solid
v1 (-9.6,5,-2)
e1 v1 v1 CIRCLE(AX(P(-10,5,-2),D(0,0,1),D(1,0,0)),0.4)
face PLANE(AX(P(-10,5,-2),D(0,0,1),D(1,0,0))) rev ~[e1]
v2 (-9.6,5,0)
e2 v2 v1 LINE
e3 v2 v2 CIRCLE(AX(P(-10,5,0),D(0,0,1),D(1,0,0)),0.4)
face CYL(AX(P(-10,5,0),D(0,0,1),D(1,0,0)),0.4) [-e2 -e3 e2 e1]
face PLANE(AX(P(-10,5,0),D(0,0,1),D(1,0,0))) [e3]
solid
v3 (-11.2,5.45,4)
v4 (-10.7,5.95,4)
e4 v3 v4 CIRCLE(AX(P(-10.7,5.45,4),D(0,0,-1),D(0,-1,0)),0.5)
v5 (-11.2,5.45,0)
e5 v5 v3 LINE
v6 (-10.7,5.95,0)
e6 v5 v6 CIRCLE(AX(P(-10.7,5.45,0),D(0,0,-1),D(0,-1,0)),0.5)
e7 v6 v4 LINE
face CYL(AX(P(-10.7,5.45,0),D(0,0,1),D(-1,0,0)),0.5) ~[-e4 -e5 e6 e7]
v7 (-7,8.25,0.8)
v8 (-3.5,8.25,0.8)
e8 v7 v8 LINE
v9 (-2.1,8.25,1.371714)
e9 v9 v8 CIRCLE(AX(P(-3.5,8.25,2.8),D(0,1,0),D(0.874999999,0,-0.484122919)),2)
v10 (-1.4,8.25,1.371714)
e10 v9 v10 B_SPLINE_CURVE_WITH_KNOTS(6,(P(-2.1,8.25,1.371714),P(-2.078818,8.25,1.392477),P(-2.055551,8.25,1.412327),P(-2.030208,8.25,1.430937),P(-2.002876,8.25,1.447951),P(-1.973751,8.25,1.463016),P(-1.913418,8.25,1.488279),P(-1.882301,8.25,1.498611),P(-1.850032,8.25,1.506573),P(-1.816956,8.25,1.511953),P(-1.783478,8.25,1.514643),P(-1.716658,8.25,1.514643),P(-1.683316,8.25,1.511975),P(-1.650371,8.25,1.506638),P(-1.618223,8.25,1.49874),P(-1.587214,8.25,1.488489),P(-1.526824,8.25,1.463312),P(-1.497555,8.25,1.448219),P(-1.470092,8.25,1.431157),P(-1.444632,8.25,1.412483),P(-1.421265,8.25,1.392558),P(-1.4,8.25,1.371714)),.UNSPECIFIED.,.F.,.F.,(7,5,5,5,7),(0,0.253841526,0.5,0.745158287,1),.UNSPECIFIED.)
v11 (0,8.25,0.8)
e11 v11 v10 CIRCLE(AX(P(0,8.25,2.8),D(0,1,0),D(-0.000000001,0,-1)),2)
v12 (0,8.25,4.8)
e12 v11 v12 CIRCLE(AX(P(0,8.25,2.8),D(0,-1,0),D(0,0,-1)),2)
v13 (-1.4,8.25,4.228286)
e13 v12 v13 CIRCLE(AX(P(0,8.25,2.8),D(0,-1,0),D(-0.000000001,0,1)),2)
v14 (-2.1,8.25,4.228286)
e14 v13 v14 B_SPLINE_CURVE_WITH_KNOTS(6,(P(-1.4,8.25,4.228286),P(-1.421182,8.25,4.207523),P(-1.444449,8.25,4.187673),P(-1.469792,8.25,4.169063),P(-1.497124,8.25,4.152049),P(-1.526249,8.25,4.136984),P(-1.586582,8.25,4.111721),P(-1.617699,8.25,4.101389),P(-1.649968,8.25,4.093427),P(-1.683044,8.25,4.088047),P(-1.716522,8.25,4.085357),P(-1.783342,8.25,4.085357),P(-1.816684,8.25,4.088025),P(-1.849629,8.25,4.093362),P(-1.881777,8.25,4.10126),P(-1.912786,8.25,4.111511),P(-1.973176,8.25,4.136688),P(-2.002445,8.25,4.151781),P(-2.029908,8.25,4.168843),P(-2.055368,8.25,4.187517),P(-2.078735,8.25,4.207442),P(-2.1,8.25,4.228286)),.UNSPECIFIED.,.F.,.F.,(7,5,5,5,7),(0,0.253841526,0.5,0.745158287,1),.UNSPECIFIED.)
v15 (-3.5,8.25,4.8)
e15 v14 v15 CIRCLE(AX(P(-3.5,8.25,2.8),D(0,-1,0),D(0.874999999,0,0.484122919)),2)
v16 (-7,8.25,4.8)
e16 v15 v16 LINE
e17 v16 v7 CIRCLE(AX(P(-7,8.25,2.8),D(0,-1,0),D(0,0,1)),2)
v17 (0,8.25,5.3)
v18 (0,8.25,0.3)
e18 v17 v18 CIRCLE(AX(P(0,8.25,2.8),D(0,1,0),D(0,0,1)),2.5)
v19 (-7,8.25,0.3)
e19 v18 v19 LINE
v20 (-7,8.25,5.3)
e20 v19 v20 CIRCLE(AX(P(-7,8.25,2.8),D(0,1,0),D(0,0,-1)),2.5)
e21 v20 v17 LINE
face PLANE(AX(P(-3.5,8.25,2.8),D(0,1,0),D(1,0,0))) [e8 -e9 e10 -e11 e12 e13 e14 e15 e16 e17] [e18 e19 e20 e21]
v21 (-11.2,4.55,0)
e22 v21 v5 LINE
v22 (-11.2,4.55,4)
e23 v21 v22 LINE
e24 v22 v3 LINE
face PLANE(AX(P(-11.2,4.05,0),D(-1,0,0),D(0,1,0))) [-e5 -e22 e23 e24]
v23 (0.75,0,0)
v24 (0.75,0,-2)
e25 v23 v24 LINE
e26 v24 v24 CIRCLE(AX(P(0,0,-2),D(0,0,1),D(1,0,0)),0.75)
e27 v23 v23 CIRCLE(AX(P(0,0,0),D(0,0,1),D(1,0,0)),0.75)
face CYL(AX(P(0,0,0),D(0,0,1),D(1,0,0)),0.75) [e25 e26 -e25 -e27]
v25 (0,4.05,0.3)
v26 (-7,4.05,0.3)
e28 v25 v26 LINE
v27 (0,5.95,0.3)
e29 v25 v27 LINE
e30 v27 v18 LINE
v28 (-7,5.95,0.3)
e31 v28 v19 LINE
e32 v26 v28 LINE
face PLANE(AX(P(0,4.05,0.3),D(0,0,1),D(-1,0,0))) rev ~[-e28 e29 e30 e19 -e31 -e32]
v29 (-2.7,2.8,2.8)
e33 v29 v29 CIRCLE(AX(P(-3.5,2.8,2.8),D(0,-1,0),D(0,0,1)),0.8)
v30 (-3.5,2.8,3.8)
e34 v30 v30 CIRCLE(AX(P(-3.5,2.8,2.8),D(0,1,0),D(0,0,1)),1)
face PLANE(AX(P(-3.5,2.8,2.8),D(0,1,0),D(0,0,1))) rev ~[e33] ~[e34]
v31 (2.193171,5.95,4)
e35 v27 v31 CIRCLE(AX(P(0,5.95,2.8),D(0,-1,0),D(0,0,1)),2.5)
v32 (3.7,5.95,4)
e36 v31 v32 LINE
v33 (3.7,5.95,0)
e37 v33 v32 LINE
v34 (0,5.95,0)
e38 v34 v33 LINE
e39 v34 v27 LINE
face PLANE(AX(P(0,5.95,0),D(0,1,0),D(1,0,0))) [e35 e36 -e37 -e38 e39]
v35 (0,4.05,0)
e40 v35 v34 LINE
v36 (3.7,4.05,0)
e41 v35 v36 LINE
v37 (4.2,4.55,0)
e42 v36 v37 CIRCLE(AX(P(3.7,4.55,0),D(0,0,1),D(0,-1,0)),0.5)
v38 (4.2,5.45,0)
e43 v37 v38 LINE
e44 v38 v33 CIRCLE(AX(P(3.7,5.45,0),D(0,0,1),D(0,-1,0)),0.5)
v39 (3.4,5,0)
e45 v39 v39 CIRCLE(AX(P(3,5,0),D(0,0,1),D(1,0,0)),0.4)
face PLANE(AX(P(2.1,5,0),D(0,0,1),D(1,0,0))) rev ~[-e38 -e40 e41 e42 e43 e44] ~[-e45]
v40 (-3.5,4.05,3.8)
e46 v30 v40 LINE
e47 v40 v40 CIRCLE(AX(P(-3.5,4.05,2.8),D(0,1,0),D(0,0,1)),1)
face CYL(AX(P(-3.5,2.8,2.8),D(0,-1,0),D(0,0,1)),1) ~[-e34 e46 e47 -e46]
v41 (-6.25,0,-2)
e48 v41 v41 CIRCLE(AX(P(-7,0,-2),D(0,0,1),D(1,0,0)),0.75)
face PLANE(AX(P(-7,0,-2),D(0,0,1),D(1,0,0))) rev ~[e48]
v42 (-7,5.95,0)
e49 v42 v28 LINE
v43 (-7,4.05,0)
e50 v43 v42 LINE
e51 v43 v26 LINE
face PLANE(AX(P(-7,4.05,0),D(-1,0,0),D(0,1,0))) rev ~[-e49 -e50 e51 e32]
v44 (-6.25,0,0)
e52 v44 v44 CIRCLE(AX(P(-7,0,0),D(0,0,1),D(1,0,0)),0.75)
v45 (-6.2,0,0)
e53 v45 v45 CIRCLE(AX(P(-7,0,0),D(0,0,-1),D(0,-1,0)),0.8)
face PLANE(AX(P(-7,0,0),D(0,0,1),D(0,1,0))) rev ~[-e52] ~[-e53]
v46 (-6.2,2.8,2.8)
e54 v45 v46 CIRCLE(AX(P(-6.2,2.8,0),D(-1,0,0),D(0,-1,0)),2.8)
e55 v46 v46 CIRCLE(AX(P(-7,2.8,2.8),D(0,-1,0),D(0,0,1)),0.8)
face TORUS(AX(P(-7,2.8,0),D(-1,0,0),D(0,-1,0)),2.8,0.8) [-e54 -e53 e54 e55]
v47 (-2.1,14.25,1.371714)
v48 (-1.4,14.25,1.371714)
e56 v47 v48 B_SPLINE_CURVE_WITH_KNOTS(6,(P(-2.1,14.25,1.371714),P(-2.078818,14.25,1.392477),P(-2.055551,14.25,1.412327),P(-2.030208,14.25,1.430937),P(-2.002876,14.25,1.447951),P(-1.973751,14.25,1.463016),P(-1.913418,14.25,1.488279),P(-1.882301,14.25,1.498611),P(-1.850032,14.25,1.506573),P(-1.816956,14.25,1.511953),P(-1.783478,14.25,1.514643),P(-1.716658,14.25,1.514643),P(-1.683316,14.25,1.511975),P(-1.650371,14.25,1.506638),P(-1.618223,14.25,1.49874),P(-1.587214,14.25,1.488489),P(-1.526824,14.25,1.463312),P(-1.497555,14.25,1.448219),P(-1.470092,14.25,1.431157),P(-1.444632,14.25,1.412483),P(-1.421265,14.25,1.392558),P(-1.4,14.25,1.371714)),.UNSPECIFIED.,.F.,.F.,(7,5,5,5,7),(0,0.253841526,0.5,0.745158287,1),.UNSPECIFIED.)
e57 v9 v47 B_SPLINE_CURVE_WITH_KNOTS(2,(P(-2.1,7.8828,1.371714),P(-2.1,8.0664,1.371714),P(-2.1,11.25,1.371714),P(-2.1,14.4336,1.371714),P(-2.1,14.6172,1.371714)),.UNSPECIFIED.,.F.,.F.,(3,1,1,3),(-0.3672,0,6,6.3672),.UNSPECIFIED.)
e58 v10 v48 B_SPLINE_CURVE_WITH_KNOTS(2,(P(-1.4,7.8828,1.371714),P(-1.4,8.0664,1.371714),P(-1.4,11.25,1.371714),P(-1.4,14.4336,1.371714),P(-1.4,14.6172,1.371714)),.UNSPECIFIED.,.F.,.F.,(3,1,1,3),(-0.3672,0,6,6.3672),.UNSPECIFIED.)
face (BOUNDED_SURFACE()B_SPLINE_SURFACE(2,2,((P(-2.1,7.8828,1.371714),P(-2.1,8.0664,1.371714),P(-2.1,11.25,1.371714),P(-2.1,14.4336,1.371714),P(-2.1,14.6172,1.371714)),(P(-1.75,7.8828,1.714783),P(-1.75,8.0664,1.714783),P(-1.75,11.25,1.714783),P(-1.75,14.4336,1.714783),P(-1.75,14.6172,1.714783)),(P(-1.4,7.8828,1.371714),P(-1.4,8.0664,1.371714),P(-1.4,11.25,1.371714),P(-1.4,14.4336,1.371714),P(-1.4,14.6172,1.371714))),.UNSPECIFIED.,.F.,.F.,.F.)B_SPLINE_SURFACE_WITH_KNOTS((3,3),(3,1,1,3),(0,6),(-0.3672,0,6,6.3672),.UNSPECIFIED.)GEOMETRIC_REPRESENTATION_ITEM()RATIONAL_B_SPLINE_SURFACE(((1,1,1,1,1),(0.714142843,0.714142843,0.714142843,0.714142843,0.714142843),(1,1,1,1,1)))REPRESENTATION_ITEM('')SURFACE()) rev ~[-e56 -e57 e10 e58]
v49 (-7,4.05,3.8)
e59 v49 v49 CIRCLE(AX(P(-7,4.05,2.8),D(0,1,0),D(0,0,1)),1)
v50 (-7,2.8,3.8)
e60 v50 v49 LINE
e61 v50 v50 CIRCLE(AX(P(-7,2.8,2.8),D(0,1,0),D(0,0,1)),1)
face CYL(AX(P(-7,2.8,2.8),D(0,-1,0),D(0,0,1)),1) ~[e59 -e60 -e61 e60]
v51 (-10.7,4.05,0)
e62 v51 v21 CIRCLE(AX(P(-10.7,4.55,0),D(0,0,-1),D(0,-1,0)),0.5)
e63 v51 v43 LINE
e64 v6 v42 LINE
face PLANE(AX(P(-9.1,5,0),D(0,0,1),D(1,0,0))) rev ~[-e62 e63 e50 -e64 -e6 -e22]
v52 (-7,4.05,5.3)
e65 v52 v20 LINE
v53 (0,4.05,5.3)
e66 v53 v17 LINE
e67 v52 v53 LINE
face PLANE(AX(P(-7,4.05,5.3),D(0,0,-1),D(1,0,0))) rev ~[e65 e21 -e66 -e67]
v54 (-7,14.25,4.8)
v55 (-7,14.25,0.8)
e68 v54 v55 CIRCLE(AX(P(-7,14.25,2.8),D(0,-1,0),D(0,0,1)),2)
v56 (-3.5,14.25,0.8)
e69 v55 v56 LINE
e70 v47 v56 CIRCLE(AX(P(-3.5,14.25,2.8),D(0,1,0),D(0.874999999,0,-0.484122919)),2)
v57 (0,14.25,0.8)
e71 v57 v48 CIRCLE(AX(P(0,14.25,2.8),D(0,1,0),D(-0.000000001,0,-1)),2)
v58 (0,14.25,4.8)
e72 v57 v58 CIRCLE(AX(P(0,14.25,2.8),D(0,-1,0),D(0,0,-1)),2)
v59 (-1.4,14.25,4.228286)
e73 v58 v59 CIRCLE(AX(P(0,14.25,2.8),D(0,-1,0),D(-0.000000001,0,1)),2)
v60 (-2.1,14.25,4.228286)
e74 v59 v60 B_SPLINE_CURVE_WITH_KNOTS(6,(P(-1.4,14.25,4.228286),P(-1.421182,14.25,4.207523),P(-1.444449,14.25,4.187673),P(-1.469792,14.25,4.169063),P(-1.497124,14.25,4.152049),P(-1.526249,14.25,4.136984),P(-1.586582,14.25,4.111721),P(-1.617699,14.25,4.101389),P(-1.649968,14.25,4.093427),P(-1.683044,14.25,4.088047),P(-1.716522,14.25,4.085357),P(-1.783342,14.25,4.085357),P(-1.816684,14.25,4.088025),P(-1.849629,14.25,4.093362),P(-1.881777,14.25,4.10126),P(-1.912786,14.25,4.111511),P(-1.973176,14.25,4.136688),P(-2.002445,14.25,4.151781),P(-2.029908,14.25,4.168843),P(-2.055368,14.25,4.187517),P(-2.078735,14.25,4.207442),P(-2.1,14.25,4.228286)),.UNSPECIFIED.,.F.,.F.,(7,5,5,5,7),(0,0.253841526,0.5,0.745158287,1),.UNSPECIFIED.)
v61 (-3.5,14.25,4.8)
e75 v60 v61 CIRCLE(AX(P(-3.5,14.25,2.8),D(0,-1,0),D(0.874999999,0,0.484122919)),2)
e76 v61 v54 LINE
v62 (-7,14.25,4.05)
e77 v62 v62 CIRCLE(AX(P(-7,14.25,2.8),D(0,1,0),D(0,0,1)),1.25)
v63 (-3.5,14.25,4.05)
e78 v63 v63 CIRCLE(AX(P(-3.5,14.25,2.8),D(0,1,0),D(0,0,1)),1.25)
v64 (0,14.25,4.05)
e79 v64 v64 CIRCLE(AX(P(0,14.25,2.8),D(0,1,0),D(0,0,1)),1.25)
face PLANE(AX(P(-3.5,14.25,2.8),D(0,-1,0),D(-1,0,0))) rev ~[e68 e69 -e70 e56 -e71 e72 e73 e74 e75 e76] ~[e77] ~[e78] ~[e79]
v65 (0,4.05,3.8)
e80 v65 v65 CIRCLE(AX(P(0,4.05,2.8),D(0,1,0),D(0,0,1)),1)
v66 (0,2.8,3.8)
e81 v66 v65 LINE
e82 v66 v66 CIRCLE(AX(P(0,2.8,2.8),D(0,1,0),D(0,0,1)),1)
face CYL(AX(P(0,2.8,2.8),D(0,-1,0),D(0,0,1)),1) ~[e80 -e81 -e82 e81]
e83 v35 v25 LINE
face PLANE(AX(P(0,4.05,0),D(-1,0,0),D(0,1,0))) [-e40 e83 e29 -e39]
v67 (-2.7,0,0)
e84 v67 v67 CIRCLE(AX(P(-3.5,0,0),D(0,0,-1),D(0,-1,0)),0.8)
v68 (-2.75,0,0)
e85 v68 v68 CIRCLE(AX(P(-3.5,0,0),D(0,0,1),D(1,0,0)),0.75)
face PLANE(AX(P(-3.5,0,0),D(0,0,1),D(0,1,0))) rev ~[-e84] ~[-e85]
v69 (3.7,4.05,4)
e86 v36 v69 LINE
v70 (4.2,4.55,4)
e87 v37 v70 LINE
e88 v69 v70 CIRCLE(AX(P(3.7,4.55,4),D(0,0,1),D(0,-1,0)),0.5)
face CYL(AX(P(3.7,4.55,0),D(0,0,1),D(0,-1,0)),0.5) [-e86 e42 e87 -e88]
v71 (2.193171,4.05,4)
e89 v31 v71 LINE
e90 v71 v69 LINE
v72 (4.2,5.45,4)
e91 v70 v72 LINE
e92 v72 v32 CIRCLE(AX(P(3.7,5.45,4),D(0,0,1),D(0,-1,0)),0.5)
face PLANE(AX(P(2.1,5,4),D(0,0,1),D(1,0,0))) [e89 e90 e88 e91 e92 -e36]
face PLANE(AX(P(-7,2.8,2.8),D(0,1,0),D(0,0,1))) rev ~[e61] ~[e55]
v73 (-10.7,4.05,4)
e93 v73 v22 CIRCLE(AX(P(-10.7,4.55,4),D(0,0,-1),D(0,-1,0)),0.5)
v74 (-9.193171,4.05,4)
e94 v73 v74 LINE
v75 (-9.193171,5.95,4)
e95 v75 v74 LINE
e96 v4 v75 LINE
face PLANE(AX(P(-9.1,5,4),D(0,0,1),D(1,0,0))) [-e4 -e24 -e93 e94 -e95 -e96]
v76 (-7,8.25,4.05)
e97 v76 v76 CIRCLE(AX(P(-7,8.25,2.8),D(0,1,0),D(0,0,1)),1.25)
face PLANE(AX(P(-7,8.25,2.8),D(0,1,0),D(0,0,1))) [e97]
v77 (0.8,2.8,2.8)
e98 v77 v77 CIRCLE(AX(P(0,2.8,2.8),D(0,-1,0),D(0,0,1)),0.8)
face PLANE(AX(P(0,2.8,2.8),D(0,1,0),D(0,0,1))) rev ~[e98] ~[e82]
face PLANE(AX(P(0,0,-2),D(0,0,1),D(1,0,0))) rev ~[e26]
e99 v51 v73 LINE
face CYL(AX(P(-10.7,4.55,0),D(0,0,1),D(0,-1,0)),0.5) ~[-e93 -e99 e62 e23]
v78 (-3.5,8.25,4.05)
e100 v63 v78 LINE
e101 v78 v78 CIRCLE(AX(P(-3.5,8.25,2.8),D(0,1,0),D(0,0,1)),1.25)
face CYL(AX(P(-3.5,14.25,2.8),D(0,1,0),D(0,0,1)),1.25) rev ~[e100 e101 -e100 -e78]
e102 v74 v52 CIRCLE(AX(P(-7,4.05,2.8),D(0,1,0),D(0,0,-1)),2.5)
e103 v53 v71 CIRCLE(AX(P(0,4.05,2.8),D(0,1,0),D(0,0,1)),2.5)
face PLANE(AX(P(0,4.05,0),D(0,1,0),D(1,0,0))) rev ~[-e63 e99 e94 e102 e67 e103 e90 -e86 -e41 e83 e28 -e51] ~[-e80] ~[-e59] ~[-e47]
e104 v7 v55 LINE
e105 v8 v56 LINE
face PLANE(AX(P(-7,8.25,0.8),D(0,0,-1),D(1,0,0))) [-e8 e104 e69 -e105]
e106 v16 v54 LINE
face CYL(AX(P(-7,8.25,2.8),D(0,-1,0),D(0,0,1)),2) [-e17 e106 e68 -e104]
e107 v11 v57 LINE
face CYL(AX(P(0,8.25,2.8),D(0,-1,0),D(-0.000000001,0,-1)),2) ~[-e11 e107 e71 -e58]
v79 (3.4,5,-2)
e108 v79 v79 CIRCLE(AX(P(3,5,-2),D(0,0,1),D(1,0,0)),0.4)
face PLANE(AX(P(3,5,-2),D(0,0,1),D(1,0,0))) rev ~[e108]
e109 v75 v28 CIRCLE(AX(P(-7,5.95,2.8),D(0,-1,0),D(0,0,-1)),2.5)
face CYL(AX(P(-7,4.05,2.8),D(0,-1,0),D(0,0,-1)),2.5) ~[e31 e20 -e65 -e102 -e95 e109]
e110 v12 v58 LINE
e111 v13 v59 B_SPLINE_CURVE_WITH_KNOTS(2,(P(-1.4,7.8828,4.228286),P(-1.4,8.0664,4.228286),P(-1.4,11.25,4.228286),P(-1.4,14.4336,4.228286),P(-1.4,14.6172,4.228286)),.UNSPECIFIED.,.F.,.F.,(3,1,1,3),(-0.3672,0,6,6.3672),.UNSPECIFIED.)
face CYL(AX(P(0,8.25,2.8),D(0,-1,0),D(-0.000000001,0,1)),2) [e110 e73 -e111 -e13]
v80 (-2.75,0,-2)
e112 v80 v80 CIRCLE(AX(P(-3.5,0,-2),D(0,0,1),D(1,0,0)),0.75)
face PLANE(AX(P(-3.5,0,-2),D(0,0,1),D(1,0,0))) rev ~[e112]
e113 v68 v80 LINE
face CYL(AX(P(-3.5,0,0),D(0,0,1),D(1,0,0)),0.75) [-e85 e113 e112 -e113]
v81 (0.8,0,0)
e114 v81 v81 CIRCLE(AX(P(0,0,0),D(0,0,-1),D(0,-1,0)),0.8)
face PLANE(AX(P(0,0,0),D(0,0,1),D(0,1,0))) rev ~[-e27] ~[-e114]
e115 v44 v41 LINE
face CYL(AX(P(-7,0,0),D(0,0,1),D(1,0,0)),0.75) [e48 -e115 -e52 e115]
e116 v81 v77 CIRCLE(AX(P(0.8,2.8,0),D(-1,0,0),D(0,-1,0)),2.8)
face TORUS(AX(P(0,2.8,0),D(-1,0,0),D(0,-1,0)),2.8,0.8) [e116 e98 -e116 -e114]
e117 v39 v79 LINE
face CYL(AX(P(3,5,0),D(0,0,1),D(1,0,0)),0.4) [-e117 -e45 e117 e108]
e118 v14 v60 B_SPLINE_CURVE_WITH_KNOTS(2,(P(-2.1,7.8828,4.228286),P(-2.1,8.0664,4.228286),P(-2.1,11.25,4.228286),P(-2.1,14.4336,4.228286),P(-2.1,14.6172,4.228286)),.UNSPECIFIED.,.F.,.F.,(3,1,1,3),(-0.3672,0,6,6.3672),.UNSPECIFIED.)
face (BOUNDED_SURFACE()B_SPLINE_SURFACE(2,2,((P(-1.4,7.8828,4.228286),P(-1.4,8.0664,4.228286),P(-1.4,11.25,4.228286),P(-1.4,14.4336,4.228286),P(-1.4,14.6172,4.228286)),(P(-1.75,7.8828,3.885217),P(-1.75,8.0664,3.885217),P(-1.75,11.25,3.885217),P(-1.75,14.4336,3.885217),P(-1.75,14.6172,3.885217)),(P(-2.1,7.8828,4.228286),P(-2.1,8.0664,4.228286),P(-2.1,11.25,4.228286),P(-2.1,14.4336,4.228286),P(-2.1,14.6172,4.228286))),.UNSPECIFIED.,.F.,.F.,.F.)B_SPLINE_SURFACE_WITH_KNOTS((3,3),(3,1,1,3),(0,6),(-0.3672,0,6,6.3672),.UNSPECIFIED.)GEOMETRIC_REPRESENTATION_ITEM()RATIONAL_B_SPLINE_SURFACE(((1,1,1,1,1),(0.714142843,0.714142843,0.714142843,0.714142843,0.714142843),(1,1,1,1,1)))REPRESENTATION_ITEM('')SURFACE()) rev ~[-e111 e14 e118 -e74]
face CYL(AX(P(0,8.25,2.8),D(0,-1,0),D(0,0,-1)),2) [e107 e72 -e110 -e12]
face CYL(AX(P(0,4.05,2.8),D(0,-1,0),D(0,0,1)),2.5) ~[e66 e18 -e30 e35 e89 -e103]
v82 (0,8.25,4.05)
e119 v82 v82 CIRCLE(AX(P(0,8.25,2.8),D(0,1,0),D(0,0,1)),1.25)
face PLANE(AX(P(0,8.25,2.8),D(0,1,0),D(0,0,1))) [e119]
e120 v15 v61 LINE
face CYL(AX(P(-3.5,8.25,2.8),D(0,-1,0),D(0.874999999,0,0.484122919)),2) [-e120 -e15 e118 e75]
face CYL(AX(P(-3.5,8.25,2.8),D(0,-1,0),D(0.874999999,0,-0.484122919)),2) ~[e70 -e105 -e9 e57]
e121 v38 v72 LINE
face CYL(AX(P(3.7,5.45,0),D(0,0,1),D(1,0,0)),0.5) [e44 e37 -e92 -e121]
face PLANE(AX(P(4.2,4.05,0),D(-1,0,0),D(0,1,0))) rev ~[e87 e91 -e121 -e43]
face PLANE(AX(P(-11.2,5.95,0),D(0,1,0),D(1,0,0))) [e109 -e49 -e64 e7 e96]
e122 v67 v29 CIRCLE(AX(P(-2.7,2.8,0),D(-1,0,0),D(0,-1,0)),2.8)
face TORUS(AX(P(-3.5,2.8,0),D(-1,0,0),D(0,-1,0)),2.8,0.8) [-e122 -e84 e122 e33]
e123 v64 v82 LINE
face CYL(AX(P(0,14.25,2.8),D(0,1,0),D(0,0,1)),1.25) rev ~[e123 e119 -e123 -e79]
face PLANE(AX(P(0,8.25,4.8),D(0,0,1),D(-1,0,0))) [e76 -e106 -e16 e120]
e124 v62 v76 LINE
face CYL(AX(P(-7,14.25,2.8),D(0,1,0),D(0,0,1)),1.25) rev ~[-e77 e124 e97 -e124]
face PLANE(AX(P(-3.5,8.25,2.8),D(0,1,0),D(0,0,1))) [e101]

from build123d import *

# Parameters (mm, degrees)
SKETCH_1_R             = 0.75
EXTRUDE_1_DEPTH        = 2
SKETCH_2_R             = 0.8
SKETCH_4_R             = 1
EXTRUDE_2_DEPTH        = 1.25
EXTRUDE_3_DEPTH        = 4.2
SKETCH_6_R             = 0.4
EXTRUDE_4_DEPTH        = 2
EXTRUDE_4_2_DEPTH      = 2
SKETCH_7_W             = 4.2
SKETCH_7_H             = 1.9
EXTRUDE_5_DEPTH        = 4
EXTRUDE_6_DEPTH        = 6
SKETCH_9_R             = 1.25
CUT_EXTRUDE_1_DEPTH    = 6
PATTERN_LINEAR_2_COUNT = 3
PATTERN_LINEAR_2_PITCH = 3.5
CUT_EXTRUDE_START      = -6
CUT_EXTRUDE_2_DEPTH    = 6
FILLET_1_R             = 0.5
FILLET_2_R             = 0.5


with BuildPart() as part:
    # ｽｹｯﾁ1 → ﾎﾞｽ - 押し出し1 (new body)
    with BuildSketch(Plane.XY):
        Circle(SKETCH_1_R)
    extrude_1 = extrude(amount=-EXTRUDE_1_DEPTH)

    # ｽｲｰﾌﾟ1: sweep along a path in ｽｹｯﾁ3
    with BuildLine(Plane(origin=(0, 0, 0), x_dir=(0, 0, -1), z_dir=(1, 0, 0))) as sweep_1_path:
        ThreePointArc((0, 0), (-1.979898987, 0.820101013), (-2.8, 2.8))
    # ｽｹｯﾁ2 → ｽｲｰﾌﾟ1 (sweep)
    with BuildSketch(Plane.XY):
        Circle(SKETCH_2_R)
    sweep_1 = sweep(path=sweep_1_path.line)

    # ｽｹｯﾁ4 → ﾎﾞｽ - 押し出し2 (add)
    with BuildSketch(Plane(origin=(0, 2.8, 0), x_dir=(1, 0, 0), z_dir=(0, 1, 0))):
        with Locations(Location((0, -2.8, 0), (0, 0, 270))):
            Circle(SKETCH_4_R)
    extrude_2 = extrude(amount=EXTRUDE_2_DEPTH)

    # ｽｹｯﾁ5 → ﾎﾞｽ - 押し出し3 (add)
    with BuildSketch(Plane(origin=(0, 4.05, 0), x_dir=(1, 0, 0), z_dir=(0, 1, 0))):
        with BuildLine():
            Line((0, -0.3), (-7, -0.3))
            ThreePointArc((-7, -0.3), (-9.5, -2.8), (-7, -5.3))
            Line((-7, -5.3), (0, -5.3))
            ThreePointArc((0, -5.3), (2.5, -2.8), (0, -0.3))
        make_face()
    extrude(amount=EXTRUDE_3_DEPTH)



with BuildPart() as body_2:
    # ｽｹｯﾁ6 → ﾎﾞｽ - 押し出し4 (new body)
    with BuildSketch(Plane.XY):
        with Locations((3, 5)):
            Circle(SKETCH_6_R)
    extrude(amount=-EXTRUDE_4_DEPTH)


with BuildPart() as body_3:
    # ｽｹｯﾁ6 → Extrude 4 2 (new body)
    with BuildSketch(Plane.XY):
        with Locations((-10, 5)):
            Circle(SKETCH_6_R)
    extrude(amount=-EXTRUDE_4_2_DEPTH)


with BuildPart() as part_1:
    add(part.part)

    add(body_2.part)  # ﾎﾞｽ - 押し出し5 merges body 2
    # ｽｹｯﾁ7 → ﾎﾞｽ - 押し出し5 (add)
    with BuildSketch(Plane.XY):
        with Locations((2.1, 5)):
            Rectangle(SKETCH_7_W, SKETCH_7_H)
        with Locations((-9.1, 5)):
            Rectangle(SKETCH_7_W, SKETCH_7_H)
    extrude(amount=EXTRUDE_5_DEPTH)

    # ｽｹｯﾁ8 → ﾎﾞｽ - 押し出し6 (add)
    with BuildSketch(Plane(origin=(0, 8.25, 0), x_dir=(1, 0, 0), z_dir=(0, 1, 0))):
        with BuildLine():
            Line((-7, -0.8), (0, -0.8))
            ThreePointArc((0, -0.8), (2, -2.8), (0, -4.8))
            Line((0, -4.8), (-7, -4.8))
            ThreePointArc((-7, -4.8), (-9, -2.8), (-7, -0.8))
        make_face()
    extrude(amount=EXTRUDE_6_DEPTH)

    # ｽｹｯﾁ9 → ｶｯﾄ - 押し出し1 (cut)
    with BuildSketch(Plane(origin=(0, 14.25, 0), x_dir=(1, 0, 0), z_dir=(0, 1, 0))):
        with Locations(Location((0, -2.8, 0), (0, 0, 270))):
            Circle(SKETCH_9_R)
    cut_extrude_1 = extrude(amount=-CUT_EXTRUDE_1_DEPTH, mode=Mode.SUBTRACT)

    # 直線ﾊﾟﾀｰﾝ2: ﾎﾞｽ - 押し出し1, ｽｲｰﾌﾟ1, ﾎﾞｽ - 押し出し2, ｶｯﾄ - 押し出し1 ×3
    with Locations(*[(-i * PATTERN_LINEAR_2_PITCH, 0, 0) for i in range(1, PATTERN_LINEAR_2_COUNT)]):
        add(extrude_1)
        add(sweep_1)
        add(extrude_2)
        add(cut_extrude_1, mode=Mode.SUBTRACT)

    # ｽｹｯﾁ10 → ｶｯﾄ - 押し出し2 (cut)
    with BuildSketch(Plane(origin=(0, 14.25, 0), x_dir=(1, 0, 0), z_dir=(0, 1, 0)).offset(CUT_EXTRUDE_START)):
        with BuildLine():
            Line((-3.5, -0.8), (0, -0.8))
            ThreePointArc((0, -0.8), (-1.015753003, -1.077140216), (-1.75, -1.831754163))
            ThreePointArc((-1.75, -1.831754163), (-2.484246997, -1.077140216), (-3.5, -0.8))
        make_face()
    cut_extrude_2 = extrude(amount=CUT_EXTRUDE_2_DEPTH, mode=Mode.SUBTRACT)

    # ﾐﾗｰ18: ｶｯﾄ - 押し出し2 across plane
    add(cut_extrude_2.mirror(Plane(origin=(0, 0, 2.8), x_dir=(1, 0, 0), z_dir=(0, 0, -1))), mode=Mode.SUBTRACT)

    # ﾌｨﾚｯﾄ1
    fillet_1_edges = [part_1.edges().sort_by_distance(p)[0] for p in [
        (4.2, 4.05, 2),
        (4.2, 5.95, 2),
        (-11.2, 5.95, 2),
        (-11.2, 4.05, 2),
    ]]
    fillet(fillet_1_edges, radius=FILLET_1_R)

    # ﾌｨﾚｯﾄ2
    fillet_2_edges = [part_1.edges().sort_by_distance(p)[0] for p in [
        (-1.75, 11.25, 1.831754163),
        (-1.75, 11.25, 3.768245837),
    ]]
    fillet(fillet_2_edges, radius=FILLET_2_R)


solid = Compound([body_3.part, part_1.part])
